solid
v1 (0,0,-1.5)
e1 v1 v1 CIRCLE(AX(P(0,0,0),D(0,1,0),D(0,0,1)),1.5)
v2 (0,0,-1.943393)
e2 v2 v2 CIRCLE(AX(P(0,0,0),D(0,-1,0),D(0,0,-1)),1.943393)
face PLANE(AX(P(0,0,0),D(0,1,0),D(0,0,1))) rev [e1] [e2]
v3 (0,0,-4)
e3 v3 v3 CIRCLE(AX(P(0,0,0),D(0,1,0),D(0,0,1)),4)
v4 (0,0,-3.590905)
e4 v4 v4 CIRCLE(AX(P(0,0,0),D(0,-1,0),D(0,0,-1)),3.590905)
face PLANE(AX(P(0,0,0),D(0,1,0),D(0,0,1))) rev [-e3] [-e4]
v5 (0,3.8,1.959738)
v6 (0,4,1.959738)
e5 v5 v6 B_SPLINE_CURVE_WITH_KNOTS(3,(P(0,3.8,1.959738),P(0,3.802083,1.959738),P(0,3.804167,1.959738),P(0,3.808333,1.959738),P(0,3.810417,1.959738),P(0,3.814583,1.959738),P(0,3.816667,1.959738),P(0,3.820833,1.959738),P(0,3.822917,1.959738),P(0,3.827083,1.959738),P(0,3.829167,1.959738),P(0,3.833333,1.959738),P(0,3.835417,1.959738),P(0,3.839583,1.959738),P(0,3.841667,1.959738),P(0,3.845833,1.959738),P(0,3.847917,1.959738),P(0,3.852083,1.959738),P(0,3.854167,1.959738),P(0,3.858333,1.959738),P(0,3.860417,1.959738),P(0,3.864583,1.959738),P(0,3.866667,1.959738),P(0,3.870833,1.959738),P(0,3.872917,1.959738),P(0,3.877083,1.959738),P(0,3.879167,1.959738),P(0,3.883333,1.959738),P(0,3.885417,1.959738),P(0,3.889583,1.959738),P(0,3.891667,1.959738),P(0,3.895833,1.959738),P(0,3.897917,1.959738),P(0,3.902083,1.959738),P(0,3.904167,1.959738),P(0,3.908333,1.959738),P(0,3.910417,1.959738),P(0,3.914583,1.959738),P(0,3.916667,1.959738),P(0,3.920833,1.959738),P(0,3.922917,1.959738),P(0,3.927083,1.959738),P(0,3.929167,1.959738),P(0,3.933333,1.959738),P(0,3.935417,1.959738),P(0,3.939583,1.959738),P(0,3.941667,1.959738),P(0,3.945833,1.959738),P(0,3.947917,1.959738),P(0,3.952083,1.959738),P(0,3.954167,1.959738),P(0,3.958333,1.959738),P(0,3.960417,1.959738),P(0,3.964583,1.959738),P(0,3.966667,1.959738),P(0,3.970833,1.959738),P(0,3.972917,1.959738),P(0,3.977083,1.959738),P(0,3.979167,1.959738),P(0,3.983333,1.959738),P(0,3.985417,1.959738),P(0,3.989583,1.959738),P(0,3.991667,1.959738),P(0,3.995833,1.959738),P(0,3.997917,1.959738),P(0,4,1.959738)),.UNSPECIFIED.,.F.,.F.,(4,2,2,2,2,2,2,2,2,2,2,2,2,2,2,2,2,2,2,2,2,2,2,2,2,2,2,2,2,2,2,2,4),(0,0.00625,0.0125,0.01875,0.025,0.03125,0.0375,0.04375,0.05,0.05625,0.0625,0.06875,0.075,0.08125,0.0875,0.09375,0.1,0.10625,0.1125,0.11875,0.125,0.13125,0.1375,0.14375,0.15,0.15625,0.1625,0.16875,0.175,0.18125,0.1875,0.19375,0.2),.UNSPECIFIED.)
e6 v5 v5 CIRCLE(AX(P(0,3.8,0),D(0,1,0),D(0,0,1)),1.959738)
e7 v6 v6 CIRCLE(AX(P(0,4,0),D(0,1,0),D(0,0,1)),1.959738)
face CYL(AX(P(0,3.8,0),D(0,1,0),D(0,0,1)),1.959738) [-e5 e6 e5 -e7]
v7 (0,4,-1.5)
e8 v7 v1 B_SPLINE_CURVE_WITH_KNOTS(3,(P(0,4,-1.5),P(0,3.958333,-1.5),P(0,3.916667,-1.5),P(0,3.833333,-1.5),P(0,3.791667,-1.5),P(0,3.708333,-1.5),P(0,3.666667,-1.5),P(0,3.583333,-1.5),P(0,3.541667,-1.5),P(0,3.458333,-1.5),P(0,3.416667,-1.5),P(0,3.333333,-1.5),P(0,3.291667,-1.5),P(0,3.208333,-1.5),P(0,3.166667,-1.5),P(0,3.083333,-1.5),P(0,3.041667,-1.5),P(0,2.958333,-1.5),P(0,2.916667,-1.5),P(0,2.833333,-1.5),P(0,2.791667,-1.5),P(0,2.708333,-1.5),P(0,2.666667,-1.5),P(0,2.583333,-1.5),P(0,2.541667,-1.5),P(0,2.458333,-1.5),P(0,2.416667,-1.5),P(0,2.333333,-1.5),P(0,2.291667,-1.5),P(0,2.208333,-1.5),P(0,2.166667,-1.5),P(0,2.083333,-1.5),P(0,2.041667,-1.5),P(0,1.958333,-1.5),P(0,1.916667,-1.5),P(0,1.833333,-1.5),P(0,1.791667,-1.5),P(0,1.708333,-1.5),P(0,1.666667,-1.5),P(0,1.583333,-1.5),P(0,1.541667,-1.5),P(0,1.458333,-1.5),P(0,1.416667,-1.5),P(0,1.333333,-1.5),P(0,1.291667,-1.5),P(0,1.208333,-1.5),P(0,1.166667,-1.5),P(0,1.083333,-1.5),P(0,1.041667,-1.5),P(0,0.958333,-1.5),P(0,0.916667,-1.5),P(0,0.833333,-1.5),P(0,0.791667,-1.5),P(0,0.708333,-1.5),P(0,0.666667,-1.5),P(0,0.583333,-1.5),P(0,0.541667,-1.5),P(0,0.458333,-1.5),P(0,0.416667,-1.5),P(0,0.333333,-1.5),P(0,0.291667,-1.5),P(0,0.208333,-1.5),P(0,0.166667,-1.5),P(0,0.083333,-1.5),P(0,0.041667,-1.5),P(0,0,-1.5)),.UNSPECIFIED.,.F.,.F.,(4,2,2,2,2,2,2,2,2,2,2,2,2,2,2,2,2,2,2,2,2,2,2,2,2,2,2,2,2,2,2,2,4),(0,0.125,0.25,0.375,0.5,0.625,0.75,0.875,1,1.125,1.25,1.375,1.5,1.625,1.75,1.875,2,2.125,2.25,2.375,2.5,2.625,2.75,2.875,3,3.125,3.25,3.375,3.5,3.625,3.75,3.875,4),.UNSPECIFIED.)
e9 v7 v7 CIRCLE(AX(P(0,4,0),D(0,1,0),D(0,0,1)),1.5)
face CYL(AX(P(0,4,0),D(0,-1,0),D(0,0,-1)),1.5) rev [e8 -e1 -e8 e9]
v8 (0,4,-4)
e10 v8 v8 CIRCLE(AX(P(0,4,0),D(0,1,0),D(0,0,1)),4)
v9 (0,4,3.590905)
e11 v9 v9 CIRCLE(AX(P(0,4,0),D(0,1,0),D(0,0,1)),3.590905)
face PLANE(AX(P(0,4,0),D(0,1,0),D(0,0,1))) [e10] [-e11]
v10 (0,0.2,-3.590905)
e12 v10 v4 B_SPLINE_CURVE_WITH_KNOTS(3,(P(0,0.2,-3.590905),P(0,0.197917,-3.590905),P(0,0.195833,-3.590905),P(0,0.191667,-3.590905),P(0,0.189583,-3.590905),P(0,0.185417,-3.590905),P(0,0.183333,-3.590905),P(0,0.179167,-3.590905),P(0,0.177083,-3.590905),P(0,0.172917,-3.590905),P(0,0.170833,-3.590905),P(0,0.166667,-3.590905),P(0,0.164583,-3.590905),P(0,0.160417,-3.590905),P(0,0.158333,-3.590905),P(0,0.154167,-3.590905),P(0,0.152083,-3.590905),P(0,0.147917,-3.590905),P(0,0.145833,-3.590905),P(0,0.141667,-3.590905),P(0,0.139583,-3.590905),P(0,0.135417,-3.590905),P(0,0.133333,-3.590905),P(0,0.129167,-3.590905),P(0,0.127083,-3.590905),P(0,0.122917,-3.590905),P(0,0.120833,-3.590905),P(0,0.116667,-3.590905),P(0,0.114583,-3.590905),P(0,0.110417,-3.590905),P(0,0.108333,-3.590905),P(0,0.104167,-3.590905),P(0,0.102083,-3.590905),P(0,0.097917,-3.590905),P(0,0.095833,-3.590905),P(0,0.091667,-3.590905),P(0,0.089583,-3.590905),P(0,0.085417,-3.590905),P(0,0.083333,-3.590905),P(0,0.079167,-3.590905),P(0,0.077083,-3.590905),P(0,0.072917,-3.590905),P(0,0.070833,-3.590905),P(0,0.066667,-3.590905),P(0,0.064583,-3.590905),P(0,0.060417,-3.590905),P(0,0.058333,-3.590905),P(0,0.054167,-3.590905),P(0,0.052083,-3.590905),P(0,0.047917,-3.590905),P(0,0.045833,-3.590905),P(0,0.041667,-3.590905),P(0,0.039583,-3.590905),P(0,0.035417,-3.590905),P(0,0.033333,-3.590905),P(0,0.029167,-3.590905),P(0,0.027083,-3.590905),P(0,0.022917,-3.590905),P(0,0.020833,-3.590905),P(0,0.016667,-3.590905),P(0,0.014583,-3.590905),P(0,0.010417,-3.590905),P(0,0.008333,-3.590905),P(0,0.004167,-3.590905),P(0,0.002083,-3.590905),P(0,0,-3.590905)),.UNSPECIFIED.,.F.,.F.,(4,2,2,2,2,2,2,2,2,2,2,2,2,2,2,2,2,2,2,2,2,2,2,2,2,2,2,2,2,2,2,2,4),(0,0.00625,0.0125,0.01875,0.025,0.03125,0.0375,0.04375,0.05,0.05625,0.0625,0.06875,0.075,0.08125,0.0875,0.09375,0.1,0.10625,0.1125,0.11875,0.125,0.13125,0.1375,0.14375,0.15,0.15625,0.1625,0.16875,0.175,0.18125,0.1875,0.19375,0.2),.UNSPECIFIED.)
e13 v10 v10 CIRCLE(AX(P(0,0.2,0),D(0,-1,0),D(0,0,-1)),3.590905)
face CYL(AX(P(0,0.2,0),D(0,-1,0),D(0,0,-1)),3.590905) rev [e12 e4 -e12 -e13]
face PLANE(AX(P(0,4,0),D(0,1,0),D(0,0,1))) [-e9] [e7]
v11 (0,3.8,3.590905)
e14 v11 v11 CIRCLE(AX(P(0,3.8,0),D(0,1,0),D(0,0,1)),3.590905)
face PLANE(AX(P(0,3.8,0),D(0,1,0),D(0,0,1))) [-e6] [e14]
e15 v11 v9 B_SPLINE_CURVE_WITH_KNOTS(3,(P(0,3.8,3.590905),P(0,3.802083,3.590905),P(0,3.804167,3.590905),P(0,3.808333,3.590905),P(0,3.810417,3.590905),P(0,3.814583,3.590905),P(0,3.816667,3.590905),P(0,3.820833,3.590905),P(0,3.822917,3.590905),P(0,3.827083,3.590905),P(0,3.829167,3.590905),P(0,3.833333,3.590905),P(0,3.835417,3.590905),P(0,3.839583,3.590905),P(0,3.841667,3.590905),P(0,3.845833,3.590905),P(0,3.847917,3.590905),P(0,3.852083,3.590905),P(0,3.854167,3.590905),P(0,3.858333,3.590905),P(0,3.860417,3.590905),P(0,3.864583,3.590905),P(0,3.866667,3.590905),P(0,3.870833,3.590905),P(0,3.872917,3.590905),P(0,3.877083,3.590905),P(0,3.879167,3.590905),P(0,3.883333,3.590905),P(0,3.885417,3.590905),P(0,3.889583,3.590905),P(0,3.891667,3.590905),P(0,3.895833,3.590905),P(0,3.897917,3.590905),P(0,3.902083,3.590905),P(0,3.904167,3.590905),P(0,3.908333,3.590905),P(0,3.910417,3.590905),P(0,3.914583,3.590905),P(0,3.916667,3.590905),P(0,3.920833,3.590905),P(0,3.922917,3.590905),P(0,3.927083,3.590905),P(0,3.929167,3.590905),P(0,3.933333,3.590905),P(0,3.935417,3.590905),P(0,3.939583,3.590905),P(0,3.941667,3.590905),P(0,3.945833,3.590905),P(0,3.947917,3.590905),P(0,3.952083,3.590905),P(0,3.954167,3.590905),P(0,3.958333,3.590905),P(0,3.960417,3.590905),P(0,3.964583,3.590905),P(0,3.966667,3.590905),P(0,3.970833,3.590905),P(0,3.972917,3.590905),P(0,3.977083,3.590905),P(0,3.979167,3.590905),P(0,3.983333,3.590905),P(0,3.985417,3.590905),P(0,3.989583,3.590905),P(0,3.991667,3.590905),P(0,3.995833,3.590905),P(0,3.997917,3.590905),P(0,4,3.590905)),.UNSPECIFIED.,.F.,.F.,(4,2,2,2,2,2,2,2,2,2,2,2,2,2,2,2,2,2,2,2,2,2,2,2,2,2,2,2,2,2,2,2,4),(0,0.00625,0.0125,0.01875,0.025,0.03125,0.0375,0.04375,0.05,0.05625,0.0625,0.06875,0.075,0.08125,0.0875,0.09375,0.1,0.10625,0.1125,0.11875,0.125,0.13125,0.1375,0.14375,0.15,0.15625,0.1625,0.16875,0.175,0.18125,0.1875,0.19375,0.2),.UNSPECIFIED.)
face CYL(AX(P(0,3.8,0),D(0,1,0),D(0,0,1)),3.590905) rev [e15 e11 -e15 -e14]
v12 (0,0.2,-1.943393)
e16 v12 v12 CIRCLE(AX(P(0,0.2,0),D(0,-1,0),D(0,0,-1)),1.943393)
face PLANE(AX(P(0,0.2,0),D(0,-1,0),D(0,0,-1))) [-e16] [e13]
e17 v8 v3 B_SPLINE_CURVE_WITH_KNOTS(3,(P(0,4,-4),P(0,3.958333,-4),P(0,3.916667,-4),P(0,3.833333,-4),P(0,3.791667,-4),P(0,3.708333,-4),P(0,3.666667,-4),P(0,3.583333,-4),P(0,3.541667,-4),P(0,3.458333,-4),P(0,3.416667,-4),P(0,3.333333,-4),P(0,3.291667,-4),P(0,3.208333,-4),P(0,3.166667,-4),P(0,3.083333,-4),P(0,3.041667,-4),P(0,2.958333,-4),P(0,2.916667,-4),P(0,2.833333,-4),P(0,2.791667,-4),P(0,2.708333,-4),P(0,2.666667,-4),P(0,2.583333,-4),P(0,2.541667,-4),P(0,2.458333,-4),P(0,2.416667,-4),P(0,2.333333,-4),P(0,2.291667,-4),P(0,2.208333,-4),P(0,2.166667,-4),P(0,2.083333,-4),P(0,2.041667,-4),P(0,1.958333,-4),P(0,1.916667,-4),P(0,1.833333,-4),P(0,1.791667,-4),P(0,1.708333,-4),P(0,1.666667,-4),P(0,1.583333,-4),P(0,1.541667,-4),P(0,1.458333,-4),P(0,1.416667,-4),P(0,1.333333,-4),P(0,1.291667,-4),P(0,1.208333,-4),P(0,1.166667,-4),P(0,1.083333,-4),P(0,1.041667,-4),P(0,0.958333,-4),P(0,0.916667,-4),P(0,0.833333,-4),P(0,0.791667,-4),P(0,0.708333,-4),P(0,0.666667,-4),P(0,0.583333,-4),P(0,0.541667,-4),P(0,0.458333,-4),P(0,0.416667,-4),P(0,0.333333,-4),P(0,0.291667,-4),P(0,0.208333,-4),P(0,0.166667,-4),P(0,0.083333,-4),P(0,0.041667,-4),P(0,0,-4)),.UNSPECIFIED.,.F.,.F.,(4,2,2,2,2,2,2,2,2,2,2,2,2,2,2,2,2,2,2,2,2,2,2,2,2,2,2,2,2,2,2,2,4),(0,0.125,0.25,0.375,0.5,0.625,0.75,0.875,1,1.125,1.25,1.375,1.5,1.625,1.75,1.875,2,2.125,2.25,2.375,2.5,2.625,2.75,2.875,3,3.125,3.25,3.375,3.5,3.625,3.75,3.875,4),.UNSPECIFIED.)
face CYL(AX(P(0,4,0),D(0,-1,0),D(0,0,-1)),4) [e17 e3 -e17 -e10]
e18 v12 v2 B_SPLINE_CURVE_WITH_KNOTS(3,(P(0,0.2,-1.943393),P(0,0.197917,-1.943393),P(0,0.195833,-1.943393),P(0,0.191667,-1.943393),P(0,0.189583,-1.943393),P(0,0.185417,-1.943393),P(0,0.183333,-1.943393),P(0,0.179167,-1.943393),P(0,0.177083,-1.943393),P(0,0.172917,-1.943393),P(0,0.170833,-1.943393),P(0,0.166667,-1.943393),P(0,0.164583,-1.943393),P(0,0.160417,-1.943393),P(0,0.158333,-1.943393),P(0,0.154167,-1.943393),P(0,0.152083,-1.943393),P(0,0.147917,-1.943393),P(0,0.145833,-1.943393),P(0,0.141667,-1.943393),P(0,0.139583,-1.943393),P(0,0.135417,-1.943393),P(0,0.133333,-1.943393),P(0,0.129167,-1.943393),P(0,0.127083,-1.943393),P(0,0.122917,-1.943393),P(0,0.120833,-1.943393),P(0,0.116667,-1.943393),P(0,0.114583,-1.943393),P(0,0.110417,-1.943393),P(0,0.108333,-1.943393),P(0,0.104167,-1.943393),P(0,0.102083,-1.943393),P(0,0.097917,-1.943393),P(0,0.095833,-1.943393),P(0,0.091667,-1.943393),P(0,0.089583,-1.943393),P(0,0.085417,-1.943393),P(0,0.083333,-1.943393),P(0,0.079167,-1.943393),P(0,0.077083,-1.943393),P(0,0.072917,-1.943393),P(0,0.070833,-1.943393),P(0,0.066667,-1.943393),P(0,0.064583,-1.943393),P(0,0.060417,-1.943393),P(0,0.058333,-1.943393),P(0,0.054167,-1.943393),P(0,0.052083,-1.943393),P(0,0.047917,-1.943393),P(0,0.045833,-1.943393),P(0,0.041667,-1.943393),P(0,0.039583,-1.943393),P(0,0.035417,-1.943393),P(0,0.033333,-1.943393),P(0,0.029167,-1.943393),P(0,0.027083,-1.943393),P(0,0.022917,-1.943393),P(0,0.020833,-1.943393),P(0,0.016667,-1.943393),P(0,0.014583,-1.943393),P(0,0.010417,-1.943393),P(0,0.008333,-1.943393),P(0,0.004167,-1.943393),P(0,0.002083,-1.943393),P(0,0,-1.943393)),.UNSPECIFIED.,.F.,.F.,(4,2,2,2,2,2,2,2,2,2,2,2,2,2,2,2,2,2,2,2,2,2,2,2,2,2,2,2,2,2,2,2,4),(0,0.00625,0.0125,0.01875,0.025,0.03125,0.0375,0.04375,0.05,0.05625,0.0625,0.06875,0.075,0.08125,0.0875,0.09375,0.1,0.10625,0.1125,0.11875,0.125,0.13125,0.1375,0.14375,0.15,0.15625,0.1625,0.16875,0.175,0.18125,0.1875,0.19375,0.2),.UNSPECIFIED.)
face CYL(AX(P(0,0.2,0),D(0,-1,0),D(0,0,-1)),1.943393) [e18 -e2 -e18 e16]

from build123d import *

# Parameters (mm, degrees)
SKETCH_1_R          = 4
SKETCH_1_R_2        = 1.5
EXTRUDE_1_DEPTH     = 4
SKETCH_2_R          = 3.590905136
SKETCH_2_R_2        = 1.959737753
CUT_EXTRUDE_1_DEPTH = 0.2
CUT_EXTRUDE_START   = -0.2
SKETCH_3_R          = 3.590905136
SKETCH_3_R_2        = 1.943393275
CUT_EXTRUDE_2_DEPTH = 0.2


with BuildPart() as part:
    # 草图1 → 凸台-拉伸1 (new body)
    with BuildSketch(Plane(origin=(0, 0, 0), x_dir=(1, 0, 0), z_dir=(0, 1, 0))):
        with Locations(Location((0, 0, 0), (0, 0, 270))):
            Circle(SKETCH_1_R)
        with Locations(Location((0, 0, 0), (0, 0, 270))):
            Circle(SKETCH_1_R_2, mode=Mode.SUBTRACT)
    extrude(amount=EXTRUDE_1_DEPTH)

    # 草图2 → 切除-拉伸1 (cut)
    with BuildSketch(Plane(origin=(0, 4, 0), x_dir=(1, 0, 0), z_dir=(0, 1, 0))):
        with Locations(Location((0, 0, 0), (0, 0, 270))):
            Circle(SKETCH_2_R)
        with Locations(Location((0, 0, 0), (0, 0, 270))):
            Circle(SKETCH_2_R_2, mode=Mode.SUBTRACT)
    extrude(amount=-CUT_EXTRUDE_1_DEPTH, mode=Mode.SUBTRACT)

    # 草图3 → 切除-拉伸2 (cut)
    with BuildSketch(Plane.XZ.offset(CUT_EXTRUDE_START)):
        with Locations(Location((0, 0, 0), (0, 0, 90))):
            Circle(SKETCH_3_R)
        with Locations(Location((0, 0, 0), (0, 0, 270))):
            Circle(SKETCH_3_R_2, mode=Mode.SUBTRACT)
    extrude(amount=CUT_EXTRUDE_2_DEPTH, mode=Mode.SUBTRACT)


solid = part.part
